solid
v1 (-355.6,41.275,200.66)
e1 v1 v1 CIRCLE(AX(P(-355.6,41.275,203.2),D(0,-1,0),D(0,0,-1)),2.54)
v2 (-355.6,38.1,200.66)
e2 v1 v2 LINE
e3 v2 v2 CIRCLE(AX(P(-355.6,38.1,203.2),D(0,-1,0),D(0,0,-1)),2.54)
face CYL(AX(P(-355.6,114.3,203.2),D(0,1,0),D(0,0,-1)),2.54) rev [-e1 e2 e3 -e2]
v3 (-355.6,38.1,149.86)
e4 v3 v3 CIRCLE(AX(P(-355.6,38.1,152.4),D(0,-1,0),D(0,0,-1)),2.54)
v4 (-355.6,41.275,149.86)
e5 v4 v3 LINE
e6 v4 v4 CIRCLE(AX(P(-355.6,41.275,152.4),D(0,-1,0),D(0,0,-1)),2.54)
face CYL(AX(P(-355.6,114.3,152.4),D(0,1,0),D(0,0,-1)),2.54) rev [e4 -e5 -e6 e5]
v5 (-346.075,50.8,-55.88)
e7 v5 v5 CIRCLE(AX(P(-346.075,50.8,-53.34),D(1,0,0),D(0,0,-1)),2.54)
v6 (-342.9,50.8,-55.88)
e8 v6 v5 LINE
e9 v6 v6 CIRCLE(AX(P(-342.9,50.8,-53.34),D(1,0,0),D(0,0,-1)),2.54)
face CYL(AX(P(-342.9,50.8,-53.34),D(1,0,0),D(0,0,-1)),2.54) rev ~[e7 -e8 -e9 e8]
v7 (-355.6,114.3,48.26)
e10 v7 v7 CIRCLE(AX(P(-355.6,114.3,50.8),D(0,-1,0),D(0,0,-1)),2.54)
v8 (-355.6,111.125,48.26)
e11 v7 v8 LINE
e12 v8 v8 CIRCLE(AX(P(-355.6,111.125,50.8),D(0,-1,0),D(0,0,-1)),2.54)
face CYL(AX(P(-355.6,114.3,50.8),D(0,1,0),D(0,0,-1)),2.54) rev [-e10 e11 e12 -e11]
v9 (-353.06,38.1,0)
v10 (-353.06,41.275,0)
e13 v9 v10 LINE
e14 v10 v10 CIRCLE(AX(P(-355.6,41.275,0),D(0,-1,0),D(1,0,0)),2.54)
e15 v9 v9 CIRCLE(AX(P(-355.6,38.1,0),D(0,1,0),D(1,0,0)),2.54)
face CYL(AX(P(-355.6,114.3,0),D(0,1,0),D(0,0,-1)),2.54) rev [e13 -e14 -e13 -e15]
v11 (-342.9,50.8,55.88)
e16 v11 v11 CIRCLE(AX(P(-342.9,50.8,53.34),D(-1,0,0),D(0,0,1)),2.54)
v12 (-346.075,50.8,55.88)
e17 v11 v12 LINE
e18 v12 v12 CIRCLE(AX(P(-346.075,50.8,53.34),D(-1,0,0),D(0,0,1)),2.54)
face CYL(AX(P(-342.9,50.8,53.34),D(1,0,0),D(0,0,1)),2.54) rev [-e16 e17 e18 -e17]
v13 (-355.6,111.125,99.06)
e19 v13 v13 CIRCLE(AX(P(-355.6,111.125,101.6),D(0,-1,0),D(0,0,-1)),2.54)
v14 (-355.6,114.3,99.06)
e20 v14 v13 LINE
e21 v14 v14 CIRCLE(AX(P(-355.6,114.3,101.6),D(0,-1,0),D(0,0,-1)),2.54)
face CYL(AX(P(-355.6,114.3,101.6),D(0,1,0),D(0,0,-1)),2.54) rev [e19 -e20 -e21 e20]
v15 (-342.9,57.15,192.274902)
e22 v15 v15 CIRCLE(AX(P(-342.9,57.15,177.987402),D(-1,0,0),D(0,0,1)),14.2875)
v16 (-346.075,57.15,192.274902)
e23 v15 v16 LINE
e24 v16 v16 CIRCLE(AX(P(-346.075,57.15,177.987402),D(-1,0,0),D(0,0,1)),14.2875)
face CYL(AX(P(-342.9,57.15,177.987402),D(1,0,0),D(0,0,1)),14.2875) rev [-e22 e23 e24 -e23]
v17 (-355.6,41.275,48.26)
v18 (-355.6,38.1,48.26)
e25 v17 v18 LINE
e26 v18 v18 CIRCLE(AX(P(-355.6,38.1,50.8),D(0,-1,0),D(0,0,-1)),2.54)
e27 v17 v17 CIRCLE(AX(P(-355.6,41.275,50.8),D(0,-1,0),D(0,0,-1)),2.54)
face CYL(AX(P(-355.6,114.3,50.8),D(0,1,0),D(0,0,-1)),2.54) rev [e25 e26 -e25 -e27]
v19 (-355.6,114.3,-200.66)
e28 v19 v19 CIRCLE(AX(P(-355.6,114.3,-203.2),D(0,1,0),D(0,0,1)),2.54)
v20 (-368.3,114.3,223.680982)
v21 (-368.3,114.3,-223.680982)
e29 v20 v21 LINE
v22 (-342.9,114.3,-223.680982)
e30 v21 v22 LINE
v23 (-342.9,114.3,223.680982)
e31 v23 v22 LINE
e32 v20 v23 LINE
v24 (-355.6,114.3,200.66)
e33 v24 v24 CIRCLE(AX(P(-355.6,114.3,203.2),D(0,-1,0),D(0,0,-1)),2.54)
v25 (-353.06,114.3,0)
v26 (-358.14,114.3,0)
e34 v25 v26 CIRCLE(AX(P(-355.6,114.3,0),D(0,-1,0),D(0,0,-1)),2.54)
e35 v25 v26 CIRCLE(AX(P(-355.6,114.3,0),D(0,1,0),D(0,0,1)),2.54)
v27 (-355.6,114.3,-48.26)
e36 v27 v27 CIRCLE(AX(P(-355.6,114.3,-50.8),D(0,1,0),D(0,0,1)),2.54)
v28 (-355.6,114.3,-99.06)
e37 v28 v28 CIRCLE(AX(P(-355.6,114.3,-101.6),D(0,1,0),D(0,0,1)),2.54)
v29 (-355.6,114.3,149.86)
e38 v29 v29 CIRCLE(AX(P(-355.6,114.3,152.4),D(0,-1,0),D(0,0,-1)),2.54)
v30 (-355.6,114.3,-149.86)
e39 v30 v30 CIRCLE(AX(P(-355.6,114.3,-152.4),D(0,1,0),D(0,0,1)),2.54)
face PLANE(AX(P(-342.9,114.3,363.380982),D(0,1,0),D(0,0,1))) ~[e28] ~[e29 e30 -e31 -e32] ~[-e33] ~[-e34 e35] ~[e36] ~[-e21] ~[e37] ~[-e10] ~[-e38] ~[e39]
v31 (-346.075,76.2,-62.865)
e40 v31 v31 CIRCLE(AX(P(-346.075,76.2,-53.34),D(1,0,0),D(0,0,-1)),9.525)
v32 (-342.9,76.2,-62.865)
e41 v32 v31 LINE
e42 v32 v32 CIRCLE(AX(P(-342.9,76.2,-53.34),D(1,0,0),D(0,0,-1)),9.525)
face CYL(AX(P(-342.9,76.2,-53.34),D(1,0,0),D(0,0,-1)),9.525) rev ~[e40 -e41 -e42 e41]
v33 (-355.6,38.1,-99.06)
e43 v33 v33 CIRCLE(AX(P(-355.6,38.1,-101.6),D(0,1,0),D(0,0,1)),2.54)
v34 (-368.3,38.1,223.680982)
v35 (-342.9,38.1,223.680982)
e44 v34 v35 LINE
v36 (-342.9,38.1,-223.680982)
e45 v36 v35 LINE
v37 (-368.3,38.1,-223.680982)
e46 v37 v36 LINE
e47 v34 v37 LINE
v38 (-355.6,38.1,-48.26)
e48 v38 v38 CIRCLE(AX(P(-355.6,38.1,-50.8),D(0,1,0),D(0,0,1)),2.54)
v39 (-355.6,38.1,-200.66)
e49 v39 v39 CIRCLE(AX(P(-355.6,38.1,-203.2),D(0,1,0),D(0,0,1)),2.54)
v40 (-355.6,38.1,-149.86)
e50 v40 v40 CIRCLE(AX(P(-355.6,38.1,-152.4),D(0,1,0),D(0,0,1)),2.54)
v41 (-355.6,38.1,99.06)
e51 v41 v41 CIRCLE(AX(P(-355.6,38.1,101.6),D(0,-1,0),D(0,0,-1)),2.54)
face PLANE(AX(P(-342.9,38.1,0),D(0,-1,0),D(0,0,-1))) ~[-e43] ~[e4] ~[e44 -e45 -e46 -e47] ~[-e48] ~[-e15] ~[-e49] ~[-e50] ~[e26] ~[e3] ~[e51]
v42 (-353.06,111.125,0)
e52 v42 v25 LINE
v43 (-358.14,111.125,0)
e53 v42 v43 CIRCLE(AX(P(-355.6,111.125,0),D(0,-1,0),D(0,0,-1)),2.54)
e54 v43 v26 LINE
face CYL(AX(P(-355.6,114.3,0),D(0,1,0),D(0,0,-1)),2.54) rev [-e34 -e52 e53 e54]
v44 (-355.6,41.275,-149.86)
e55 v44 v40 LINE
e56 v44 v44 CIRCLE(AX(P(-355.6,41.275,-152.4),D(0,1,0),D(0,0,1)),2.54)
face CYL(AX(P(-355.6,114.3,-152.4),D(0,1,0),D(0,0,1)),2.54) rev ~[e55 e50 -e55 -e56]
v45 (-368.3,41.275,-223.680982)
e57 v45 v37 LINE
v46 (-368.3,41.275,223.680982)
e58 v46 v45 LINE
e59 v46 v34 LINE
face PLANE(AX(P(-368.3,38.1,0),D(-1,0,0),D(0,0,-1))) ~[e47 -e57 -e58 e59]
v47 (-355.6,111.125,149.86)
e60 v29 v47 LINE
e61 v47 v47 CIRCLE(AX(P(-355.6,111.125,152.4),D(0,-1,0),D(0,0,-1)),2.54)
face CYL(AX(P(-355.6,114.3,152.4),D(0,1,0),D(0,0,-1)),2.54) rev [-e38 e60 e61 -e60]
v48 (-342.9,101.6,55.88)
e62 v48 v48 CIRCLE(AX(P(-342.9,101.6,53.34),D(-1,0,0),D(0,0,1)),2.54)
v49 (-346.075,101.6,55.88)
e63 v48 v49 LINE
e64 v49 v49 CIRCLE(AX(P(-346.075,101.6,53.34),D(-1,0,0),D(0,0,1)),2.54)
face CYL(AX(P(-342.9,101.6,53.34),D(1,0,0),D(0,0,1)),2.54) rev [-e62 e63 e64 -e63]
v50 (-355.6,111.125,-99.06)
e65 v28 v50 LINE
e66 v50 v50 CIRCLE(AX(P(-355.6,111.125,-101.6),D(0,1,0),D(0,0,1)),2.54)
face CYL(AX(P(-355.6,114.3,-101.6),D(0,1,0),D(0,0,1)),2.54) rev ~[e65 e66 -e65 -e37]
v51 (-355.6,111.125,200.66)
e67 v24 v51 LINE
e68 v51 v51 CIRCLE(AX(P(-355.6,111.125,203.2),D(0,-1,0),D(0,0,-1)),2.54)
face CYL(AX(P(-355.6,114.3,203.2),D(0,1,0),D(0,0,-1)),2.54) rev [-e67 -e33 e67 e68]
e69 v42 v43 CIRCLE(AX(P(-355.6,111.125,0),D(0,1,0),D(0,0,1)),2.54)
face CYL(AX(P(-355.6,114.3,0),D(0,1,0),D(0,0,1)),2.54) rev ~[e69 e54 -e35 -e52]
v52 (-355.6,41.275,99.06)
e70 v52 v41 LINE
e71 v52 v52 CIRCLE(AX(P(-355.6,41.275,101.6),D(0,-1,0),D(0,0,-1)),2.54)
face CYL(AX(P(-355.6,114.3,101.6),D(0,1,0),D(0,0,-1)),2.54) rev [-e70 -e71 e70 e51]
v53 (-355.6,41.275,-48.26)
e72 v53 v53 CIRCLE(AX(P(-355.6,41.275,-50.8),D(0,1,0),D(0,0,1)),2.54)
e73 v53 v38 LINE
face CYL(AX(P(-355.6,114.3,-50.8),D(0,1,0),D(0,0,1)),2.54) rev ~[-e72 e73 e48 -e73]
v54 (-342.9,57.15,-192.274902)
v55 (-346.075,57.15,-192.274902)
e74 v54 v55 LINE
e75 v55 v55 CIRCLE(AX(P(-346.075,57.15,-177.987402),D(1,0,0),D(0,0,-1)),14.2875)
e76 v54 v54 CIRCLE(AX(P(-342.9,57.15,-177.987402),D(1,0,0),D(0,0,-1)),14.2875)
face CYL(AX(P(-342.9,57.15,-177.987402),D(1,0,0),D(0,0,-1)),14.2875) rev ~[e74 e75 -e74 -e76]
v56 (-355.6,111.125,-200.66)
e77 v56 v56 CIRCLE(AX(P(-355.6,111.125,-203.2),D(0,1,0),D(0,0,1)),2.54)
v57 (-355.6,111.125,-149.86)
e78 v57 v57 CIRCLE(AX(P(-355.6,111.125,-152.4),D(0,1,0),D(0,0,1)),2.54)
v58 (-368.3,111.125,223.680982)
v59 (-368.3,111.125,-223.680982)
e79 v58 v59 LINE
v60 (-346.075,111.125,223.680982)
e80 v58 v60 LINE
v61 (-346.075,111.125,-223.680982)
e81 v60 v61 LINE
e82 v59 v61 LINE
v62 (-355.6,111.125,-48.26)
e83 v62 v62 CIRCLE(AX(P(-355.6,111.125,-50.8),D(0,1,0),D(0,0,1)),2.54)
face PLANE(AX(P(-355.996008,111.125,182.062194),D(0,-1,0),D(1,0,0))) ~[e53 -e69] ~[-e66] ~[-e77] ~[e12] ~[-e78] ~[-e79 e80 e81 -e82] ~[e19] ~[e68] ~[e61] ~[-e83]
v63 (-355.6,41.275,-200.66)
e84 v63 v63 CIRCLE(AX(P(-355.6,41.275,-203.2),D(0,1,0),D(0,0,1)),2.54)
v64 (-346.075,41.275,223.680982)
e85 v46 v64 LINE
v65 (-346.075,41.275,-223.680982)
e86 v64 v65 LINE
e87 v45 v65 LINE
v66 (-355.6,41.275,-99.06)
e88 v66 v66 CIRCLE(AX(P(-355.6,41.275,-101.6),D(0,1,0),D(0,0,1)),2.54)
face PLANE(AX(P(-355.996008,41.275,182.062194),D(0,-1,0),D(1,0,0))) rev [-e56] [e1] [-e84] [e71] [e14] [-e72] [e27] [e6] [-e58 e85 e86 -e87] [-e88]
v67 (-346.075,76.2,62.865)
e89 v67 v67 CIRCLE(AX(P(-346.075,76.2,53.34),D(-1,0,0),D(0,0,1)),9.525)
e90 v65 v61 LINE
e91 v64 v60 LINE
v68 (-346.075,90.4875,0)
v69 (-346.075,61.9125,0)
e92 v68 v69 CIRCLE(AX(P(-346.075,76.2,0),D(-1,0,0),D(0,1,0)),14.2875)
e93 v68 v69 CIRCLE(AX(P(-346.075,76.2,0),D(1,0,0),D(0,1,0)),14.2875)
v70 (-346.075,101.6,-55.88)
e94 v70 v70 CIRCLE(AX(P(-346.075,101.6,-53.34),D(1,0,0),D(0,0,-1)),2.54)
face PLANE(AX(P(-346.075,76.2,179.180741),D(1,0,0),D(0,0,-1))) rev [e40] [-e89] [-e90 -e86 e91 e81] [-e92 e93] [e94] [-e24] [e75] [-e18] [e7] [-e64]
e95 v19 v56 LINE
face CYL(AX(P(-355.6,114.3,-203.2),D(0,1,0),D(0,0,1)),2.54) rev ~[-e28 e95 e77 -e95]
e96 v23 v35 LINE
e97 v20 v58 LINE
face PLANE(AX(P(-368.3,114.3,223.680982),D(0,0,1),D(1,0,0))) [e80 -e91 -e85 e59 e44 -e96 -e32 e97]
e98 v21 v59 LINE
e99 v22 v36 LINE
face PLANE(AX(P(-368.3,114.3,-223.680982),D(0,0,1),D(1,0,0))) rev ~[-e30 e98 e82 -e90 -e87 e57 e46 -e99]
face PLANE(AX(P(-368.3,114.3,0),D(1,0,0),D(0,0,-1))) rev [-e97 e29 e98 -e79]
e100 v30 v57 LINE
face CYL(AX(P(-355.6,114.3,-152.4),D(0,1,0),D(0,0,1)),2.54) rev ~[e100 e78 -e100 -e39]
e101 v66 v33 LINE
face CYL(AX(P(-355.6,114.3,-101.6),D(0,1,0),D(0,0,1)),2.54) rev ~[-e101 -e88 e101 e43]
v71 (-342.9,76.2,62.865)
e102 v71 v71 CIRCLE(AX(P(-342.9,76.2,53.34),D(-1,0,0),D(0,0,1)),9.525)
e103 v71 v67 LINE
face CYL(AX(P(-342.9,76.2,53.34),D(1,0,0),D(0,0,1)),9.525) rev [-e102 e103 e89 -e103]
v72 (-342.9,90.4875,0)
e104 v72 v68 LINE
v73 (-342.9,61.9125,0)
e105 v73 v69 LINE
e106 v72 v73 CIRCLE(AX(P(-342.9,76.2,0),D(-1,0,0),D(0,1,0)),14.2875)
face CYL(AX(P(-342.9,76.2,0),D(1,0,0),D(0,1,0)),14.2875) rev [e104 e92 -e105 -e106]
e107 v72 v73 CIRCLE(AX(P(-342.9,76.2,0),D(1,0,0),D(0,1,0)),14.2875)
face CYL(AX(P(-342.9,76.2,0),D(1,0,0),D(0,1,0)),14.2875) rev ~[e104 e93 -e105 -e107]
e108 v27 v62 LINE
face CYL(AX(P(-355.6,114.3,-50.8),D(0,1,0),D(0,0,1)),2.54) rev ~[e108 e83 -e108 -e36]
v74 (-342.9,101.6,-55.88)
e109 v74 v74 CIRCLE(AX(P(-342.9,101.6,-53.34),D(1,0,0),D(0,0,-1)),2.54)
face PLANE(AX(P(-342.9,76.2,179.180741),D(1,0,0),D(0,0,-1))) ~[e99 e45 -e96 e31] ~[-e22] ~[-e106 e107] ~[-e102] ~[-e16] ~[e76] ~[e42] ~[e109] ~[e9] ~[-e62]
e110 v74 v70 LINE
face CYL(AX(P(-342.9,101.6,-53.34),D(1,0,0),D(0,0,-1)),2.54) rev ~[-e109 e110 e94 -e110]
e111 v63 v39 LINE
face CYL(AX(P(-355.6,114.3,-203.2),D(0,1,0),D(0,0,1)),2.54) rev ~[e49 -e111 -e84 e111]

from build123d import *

# Parameters (mm, degrees)
BOSS_EXTRUDE1_START = -342.9
SKETCH4_R           = 2.54
SKETCH4_R_2         = 14.2875
SKETCH4_R_3         = 9.525
BOSS_EXTRUDE1_DEPTH = 3.175
BOSS_EXTRUDE2_DEPTH = 3.175
BOSS_EXTRUDE3_START = -76.2
BOSS_EXTRUDE3_DEPTH = 3.175
SKETCH9_R           = 2.54
CUT_EXTRUDE2_DEPTH  = 523.969471233
LPATTERN1_COUNT     = 10
LPATTERN1_PITCH     = 50.8
SKETCH13_W          = 25.4
SKETCH13_H          = 139.7
CUT_EXTRUDE4_DEPTH  = 523.969471233


with BuildPart() as part:
    # Sketch4 → Boss-Extrude1 (new body)
    with BuildSketch(Plane(origin=(0, 0, 0), x_dir=(0, 0, -1), z_dir=(1, 0, 0)).offset(BOSS_EXTRUDE1_START)):
        with BuildLine():
            Line((363.380981673, 114.3), (0, 114.3))
            Line((0, 114.3), (0, 90.4875))
            ThreePointArc((0, 90.4875), (14.2875, 76.2), (0, 61.9125))
            Line((0, 61.9125), (0, 38.1))
            Line((0, 38.1), (363.380981673, 38.1))
            Line((363.380981673, 38.1), (363.380981673, 114.3))
        make_face()
        with Locations((53.34, 50.8)):
            Circle(SKETCH4_R, mode=Mode.SUBTRACT)
        with Locations((177.987401789, 57.15)):
            Circle(SKETCH4_R_2, mode=Mode.SUBTRACT)
        with Locations((53.34, 76.2)):
            Circle(SKETCH4_R_3, mode=Mode.SUBTRACT)
        with Locations((337.980981673, 60.325)):
            Circle(SKETCH4_R_2, mode=Mode.SUBTRACT)
        with Locations((53.34, 101.6)):
            Circle(SKETCH4_R, mode=Mode.SUBTRACT)
    extrude(amount=-BOSS_EXTRUDE1_DEPTH)

    # Sketch7 → Boss-Extrude2 (add)
    with BuildSketch(Plane(origin=(0, 114.3, 0), x_dir=(1, 0, 0), z_dir=(0, 1, 0))):
        Polygon((-344.4875, 0), (-368.3, 0), (-368.3, 363.380981673), (-342.9, 363.380981673), align=None)
    extrude(amount=-BOSS_EXTRUDE2_DEPTH)

    # Sketch7<2> → Boss-Extrude3 (add)
    with BuildSketch(Plane(origin=(0, 114.3, 0), x_dir=(1, 0, 0), z_dir=(0, 1, 0)).offset(BOSS_EXTRUDE3_START)):
        Polygon((-344.4875, 0), (-368.3, 0), (-368.3, 363.380981673), (-342.9, 363.380981673), align=None)
    extrude(amount=BOSS_EXTRUDE3_DEPTH)

    # Sketch9 → Cut-Extrude2 (cut, through all)
    with BuildSketch(Plane(origin=(0, 114.3, 0), x_dir=(1, 0, 0), z_dir=(0, 1, 0))):
        with Locations(Location((-355.6, 355.6, 0), (0, 0, 270))):
            Circle(SKETCH9_R)
    cut_extrude2 = extrude(amount=-CUT_EXTRUDE2_DEPTH, mode=Mode.SUBTRACT)

    # LPattern1: Cut-Extrude2 ×10
    with Locations(*[(0, 0, i * LPATTERN1_PITCH) for i in range(1, LPATTERN1_COUNT)]):
        add(cut_extrude2, mode=Mode.SUBTRACT)

    # Mirror1: part across face


with BuildPart() as part_1:
    add(part.part)
    add(part.part.mirror(Plane(origin=(-345.639664948, 104.734085052, 0), x_dir=(1, 0, 0), z_dir=(0, 0, 1))))

    # Sketch13 → Cut-Extrude4 (cut, through all)
    with BuildSketch(Plane(origin=(0, 114.3, 0), x_dir=(1, 0, 0), z_dir=(0, 1, 0))):
        with Locations((-355.6, 293.530981673)):
            Rectangle(SKETCH13_W, SKETCH13_H)
        with Locations((-355.6, -293.530981673)):
            Rectangle(SKETCH13_W, SKETCH13_H)
    extrude(amount=-CUT_EXTRUDE4_DEPTH, mode=Mode.SUBTRACT)


solid = part_1.part
